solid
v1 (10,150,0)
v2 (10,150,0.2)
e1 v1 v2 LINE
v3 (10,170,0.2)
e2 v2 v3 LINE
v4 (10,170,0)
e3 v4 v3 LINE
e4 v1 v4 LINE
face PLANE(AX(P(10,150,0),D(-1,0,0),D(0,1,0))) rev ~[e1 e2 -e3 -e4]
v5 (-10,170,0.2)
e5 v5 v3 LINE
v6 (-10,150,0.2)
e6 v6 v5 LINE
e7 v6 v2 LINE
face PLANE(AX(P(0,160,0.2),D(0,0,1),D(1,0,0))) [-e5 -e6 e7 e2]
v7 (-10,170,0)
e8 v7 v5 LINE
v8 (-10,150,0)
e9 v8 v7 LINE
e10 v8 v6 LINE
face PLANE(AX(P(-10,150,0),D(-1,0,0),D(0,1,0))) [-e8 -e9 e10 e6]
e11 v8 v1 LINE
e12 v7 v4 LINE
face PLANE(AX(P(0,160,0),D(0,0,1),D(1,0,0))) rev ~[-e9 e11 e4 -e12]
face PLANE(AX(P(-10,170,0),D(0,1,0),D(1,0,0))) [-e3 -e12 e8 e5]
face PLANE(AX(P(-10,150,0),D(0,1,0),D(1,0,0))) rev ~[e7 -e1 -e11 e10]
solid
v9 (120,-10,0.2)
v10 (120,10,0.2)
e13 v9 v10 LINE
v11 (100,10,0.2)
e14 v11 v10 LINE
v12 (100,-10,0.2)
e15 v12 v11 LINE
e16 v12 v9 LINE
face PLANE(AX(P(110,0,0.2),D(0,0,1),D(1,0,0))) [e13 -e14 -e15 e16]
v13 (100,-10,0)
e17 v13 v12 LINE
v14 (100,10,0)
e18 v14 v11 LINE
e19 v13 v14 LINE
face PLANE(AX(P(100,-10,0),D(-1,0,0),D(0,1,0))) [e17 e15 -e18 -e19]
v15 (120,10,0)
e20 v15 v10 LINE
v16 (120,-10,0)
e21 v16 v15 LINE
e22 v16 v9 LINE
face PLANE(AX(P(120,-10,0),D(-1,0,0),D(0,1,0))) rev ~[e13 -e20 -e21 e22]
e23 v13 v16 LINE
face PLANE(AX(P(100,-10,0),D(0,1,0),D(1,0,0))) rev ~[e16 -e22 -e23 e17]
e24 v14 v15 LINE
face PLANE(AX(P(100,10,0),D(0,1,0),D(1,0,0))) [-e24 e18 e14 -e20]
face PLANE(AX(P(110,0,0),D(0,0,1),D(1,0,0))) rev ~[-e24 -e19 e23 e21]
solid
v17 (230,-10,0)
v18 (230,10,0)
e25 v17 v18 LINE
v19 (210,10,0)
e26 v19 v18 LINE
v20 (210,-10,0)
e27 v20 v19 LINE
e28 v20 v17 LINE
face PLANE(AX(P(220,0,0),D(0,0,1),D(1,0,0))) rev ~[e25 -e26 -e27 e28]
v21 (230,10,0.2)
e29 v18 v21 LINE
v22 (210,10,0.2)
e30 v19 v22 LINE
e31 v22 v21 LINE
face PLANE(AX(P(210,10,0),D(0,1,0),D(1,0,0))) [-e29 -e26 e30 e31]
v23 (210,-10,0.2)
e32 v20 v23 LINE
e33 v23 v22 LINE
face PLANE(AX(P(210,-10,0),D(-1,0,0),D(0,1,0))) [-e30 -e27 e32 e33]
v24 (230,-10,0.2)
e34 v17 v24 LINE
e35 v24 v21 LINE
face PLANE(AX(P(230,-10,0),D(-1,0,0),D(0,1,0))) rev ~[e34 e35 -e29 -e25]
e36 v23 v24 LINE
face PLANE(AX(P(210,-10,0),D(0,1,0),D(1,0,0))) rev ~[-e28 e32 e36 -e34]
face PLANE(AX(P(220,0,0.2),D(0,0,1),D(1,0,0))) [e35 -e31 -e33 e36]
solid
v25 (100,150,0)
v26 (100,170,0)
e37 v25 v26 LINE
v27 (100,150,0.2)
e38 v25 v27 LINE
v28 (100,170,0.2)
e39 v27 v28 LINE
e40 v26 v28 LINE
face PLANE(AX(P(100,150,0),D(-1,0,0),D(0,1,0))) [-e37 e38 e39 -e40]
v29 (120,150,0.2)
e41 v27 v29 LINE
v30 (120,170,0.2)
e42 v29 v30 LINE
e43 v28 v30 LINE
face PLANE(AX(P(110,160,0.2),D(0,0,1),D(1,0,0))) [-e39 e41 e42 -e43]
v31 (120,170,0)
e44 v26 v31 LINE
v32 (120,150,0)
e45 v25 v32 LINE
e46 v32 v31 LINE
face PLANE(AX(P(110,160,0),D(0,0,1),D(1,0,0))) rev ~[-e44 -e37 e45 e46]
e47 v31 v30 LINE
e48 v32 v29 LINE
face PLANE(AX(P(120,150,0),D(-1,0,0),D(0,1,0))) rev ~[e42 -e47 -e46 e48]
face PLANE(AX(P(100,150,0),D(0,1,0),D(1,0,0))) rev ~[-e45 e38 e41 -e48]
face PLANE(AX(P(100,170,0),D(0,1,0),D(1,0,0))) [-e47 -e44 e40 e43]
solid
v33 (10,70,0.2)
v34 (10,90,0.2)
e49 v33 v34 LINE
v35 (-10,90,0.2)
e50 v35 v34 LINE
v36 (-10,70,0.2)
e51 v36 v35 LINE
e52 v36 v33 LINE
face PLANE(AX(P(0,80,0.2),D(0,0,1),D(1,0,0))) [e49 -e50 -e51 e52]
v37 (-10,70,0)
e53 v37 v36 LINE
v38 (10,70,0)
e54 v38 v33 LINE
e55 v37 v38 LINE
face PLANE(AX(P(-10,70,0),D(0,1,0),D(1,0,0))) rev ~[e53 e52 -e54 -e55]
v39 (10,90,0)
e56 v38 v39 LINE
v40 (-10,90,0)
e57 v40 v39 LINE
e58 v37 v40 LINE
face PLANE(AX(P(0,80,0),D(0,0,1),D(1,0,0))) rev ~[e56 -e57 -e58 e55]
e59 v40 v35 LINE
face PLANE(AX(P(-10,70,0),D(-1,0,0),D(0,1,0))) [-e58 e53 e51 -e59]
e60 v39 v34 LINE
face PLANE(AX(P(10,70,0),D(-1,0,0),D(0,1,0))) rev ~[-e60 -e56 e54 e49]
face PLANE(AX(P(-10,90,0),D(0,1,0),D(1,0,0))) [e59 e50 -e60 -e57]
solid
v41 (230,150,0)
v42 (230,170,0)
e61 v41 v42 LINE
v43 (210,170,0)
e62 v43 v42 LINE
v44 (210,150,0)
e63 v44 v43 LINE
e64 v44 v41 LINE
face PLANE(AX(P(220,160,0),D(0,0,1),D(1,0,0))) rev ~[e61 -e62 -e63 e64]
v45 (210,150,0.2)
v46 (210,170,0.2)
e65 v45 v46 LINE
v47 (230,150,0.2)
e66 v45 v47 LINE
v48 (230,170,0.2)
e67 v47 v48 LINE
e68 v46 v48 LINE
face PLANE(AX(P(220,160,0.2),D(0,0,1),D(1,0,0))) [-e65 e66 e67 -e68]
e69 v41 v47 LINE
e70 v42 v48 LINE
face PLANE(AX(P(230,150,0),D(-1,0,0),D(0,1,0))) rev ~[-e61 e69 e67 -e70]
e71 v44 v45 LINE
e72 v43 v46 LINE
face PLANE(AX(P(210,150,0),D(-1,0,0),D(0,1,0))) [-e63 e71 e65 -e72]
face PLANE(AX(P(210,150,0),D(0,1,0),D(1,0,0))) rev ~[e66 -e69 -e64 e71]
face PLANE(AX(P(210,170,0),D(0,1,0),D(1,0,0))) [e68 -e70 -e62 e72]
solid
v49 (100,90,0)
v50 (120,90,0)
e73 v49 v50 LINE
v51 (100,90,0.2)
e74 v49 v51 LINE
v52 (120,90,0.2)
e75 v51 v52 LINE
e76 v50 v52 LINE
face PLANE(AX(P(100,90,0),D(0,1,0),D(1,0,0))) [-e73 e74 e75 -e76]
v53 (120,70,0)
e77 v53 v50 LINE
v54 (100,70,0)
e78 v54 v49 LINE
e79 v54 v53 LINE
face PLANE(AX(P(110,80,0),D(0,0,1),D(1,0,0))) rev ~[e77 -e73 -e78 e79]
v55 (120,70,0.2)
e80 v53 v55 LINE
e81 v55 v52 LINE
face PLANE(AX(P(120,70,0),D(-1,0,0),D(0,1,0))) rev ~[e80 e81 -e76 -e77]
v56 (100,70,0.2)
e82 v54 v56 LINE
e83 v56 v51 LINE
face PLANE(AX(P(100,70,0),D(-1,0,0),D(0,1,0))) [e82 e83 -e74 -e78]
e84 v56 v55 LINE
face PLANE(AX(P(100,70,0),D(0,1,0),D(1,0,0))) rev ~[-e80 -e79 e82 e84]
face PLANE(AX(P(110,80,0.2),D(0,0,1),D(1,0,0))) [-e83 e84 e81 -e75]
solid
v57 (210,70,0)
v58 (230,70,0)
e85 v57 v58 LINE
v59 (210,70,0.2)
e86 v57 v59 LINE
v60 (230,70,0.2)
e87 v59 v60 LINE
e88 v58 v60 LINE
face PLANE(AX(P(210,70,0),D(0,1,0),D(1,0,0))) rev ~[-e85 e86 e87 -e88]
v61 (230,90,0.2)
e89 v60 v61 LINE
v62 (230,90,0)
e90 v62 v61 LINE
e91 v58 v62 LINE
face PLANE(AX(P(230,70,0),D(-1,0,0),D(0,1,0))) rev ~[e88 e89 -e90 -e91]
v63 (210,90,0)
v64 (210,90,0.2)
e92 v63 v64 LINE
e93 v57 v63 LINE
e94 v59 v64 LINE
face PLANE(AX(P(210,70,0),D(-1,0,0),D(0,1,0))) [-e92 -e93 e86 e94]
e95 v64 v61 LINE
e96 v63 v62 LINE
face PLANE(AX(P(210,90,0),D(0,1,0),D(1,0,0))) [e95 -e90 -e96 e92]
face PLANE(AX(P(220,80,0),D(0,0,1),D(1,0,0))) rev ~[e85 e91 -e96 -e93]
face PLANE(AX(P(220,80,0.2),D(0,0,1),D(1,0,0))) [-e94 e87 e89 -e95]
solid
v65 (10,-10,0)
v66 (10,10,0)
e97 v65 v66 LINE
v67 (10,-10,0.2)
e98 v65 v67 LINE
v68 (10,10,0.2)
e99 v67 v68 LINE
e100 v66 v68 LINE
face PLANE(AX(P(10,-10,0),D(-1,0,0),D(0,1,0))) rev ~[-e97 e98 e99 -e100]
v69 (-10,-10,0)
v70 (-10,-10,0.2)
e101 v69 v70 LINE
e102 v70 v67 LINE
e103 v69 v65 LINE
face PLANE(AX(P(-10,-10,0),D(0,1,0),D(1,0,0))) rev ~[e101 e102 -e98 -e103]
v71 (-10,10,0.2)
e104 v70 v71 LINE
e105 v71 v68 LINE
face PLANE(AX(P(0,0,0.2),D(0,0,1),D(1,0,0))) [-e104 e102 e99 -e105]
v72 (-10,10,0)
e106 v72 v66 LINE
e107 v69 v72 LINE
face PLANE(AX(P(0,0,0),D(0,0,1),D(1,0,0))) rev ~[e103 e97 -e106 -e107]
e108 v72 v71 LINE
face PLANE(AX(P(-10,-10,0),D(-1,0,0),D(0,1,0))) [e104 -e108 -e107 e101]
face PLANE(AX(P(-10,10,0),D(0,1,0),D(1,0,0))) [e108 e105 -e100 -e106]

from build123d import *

# Parameters (mm, degrees)
F0_W     = 20
F0_H     = 20
F1_DEPTH = 0.2


with BuildPart() as f1:
    # F0 (on Top) → F1 (new body)
    with BuildSketch(Plane.XY):
        Rectangle(F0_W, F0_H)
        with Locations((0, 80)):
            Rectangle(F0_W, F0_H)
        with Locations((0, 160)):
            Rectangle(F0_W, F0_H)
        with Locations((110, 0)):
            Rectangle(F0_W, F0_H)
        with Locations((110, 80)):
            Rectangle(F0_W, F0_H)
        with Locations((110, 160)):
            Rectangle(F0_W, F0_H)
        with Locations((220, 0)):
            Rectangle(F0_W, F0_H)
        with Locations((220, 80)):
            Rectangle(F0_W, F0_H)
        with Locations((220, 160)):
            Rectangle(F0_W, F0_H)
    extrude(amount=F1_DEPTH)


solid = f1.part
